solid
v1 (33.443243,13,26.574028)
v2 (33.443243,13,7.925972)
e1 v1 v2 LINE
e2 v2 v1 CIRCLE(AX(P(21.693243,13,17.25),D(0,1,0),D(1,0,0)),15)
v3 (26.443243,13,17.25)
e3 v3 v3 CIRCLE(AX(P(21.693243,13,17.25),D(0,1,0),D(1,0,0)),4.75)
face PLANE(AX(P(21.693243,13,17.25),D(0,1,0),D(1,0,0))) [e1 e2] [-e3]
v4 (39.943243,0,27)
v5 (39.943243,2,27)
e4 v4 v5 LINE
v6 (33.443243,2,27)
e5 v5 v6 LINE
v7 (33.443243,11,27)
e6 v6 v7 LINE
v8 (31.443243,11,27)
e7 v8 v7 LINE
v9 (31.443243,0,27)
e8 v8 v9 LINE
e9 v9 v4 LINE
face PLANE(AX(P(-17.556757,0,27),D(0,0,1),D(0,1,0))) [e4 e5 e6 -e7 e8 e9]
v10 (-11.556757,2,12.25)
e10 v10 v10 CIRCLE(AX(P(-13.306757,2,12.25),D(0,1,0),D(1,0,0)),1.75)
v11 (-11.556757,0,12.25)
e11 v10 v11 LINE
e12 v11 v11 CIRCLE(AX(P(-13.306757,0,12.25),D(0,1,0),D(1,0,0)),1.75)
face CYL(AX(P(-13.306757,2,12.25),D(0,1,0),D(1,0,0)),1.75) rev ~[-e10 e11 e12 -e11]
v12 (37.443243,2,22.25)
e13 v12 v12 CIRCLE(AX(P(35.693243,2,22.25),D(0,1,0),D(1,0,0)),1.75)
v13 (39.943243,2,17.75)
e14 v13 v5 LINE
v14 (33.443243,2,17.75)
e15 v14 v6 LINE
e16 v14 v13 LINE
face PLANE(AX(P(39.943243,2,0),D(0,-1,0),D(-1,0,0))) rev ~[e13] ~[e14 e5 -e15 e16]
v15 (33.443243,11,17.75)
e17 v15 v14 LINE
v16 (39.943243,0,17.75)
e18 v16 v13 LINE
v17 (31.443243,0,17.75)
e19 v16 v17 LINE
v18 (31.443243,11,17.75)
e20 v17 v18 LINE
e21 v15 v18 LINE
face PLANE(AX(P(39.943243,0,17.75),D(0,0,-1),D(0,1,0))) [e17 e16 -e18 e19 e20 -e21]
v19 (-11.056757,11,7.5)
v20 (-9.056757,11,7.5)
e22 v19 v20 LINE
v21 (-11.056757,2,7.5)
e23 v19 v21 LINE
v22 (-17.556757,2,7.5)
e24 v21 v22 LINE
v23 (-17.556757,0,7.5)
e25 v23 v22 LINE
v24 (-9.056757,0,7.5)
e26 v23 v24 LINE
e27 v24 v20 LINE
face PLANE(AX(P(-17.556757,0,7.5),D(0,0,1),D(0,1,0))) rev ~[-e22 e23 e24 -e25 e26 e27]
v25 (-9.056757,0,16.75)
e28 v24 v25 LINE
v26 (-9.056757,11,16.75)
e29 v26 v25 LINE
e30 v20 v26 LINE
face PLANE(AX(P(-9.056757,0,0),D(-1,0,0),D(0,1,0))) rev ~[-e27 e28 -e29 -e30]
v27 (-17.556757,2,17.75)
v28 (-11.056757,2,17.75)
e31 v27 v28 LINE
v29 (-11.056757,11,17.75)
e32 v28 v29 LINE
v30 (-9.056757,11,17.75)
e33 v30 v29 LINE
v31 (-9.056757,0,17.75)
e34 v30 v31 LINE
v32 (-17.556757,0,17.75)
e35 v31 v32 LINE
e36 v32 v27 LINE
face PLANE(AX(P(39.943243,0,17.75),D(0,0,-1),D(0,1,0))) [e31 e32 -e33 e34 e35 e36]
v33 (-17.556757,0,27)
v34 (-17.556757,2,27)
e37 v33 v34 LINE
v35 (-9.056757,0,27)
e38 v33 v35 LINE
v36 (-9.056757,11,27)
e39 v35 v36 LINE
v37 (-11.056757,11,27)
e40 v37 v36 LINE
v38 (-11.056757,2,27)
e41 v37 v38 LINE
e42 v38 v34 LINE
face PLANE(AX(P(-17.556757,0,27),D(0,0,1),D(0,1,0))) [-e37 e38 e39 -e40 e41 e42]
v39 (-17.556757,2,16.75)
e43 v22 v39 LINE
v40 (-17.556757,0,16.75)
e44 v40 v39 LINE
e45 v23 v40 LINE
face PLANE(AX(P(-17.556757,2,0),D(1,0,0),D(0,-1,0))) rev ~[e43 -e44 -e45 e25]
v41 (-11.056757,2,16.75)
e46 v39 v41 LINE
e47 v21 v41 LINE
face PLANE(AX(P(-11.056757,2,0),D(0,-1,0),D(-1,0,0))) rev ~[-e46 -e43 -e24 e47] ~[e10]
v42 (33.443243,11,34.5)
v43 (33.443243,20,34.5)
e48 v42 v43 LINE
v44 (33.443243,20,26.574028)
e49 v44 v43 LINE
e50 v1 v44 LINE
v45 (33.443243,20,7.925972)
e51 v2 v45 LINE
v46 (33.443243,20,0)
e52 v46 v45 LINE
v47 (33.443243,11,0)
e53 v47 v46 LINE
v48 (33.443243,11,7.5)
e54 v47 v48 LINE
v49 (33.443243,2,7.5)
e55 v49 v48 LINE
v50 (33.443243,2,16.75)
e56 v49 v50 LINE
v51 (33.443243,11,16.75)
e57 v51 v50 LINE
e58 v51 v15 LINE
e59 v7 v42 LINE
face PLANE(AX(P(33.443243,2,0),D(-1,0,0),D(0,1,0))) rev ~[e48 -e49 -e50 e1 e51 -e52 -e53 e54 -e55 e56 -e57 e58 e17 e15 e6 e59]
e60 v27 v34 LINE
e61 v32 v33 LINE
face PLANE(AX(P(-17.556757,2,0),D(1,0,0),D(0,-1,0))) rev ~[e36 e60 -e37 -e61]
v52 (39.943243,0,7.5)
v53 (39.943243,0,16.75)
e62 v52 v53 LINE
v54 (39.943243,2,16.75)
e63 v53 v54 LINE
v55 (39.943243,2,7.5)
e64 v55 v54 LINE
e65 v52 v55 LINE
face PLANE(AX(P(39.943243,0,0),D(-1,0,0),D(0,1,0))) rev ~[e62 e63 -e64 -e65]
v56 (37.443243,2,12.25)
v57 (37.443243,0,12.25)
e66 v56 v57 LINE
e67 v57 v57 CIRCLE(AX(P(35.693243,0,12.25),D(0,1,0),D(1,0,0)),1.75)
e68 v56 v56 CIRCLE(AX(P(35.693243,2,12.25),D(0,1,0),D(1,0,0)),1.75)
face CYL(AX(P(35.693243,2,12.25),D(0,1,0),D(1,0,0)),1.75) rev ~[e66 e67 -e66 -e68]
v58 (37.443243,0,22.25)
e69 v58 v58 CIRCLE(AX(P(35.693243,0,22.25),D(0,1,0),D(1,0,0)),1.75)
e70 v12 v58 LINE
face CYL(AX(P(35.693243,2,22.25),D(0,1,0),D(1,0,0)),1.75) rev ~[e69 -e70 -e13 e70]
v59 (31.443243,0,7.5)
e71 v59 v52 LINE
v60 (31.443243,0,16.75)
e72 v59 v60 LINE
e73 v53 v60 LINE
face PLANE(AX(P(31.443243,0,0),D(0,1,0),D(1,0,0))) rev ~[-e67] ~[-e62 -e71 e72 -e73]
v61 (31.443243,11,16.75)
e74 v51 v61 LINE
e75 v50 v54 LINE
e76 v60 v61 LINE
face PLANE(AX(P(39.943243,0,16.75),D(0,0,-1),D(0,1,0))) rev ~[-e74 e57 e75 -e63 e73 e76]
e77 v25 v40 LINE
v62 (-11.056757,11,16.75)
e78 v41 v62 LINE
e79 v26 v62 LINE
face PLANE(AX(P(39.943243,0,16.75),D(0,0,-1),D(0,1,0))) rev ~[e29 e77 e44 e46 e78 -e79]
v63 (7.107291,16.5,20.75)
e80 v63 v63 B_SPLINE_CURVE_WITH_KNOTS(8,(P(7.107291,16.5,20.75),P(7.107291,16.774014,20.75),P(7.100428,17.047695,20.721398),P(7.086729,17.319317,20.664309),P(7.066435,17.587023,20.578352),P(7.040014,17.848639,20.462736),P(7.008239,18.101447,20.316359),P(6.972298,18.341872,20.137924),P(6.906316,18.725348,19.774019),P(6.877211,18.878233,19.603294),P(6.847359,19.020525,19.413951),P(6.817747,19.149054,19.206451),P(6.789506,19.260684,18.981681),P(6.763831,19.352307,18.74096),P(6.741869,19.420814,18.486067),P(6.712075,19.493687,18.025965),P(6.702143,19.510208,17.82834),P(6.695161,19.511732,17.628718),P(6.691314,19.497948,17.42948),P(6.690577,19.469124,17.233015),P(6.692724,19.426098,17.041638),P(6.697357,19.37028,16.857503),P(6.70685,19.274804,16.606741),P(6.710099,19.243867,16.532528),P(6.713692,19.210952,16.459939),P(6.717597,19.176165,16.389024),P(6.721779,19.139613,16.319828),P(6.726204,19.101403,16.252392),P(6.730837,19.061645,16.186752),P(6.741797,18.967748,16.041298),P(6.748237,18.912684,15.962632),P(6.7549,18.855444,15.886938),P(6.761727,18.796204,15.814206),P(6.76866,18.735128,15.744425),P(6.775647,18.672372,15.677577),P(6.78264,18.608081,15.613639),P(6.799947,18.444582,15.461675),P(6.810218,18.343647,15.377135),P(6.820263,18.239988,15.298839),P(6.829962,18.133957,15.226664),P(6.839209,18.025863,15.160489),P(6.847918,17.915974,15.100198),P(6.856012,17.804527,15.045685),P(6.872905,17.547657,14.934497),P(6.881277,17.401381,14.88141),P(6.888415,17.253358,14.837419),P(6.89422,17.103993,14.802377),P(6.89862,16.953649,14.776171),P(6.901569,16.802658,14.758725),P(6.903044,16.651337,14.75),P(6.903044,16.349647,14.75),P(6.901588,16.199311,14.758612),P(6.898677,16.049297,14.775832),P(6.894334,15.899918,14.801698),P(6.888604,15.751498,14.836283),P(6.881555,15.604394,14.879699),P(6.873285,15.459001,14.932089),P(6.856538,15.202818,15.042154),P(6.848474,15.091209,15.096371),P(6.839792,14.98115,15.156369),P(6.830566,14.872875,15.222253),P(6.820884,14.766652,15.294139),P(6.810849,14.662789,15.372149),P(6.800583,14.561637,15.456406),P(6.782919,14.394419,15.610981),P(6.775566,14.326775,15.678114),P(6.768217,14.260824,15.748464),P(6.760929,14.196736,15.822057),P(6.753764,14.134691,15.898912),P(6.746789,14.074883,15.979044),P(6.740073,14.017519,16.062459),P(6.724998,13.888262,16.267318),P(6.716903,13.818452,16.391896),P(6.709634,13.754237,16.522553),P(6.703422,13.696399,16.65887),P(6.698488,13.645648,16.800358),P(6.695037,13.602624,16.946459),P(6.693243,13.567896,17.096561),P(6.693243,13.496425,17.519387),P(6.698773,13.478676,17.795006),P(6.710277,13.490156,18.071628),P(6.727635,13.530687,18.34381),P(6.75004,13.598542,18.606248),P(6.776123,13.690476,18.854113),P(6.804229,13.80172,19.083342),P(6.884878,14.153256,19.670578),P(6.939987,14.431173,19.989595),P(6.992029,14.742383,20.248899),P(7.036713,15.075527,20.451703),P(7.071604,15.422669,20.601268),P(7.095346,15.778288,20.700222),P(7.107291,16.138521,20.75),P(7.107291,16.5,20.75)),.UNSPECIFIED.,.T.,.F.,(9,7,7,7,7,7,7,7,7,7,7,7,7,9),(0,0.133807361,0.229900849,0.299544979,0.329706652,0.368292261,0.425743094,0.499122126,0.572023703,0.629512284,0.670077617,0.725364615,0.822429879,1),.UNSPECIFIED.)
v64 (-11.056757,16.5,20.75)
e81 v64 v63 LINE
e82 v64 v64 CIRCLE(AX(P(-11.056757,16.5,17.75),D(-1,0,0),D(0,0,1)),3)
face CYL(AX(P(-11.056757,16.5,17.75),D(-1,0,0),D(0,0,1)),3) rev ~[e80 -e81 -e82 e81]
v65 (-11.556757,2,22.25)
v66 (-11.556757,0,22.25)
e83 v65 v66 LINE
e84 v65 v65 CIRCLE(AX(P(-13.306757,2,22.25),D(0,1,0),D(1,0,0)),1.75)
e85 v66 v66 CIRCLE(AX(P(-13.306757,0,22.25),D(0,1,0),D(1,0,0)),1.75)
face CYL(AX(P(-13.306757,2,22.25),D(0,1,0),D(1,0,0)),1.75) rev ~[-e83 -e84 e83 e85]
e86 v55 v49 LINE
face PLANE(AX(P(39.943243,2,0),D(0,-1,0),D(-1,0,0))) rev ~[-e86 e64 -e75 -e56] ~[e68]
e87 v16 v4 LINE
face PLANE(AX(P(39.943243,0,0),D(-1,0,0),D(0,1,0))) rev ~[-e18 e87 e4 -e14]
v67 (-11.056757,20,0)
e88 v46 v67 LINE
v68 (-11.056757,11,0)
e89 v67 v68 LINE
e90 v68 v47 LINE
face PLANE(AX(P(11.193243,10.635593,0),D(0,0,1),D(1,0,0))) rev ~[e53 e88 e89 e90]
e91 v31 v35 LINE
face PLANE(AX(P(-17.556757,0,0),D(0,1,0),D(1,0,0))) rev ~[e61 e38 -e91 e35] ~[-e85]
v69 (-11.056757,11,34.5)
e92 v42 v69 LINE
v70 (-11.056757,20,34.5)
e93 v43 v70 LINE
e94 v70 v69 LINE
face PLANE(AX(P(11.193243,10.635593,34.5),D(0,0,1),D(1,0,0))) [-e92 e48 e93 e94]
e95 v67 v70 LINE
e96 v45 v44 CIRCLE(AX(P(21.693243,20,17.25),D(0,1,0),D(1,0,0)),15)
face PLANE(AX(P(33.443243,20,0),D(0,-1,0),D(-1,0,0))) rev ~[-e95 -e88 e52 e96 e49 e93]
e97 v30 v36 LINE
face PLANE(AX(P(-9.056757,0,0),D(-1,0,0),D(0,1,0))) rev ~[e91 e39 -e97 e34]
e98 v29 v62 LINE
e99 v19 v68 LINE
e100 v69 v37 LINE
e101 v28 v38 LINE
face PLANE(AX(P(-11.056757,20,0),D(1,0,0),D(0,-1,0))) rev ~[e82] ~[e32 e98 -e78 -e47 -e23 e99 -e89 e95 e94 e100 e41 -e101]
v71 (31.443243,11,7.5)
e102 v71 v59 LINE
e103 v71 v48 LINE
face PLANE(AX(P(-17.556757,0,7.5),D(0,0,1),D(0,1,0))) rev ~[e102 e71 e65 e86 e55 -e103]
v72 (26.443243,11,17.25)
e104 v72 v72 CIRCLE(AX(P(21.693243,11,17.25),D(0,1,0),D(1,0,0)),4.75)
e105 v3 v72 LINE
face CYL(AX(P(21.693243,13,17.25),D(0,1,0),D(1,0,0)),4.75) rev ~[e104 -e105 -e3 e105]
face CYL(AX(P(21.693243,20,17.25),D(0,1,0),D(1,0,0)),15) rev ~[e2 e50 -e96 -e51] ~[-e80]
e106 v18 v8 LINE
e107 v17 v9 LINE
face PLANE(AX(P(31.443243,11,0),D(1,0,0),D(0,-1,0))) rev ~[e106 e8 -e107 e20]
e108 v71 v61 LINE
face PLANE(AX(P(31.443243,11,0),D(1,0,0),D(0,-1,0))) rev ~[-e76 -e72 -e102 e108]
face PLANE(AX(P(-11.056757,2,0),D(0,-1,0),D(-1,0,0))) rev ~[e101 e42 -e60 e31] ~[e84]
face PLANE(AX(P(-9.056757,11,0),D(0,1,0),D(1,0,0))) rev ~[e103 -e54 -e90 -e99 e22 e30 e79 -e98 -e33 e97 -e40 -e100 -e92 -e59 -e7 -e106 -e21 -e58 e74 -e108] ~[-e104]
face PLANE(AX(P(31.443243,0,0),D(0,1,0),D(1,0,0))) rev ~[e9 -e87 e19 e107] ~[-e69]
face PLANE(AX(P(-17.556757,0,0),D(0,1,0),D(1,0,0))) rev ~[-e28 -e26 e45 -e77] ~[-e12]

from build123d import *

# Parameters (mm, degrees)
BOSS_EXTRUDE1_DEPTH = 34.5
SKETCH3_R           = 15
CUT_EXTRUDE1_DEPTH  = 7
SKETCH4_W           = 7.5
SKETCH4_H           = 11
CUT_EXTRUDE2_DEPTH  = 58.5
SKETCH5_R           = 4.75
CUT_EXTRUDE3_DEPTH  = 14
SKETCH6_W           = 1
SKETCH6_H           = 11
CUT_EXTRUDE4_DEPTH  = 58.5
CUT_EXTRUDE5_REACH  = 53
SKETCH7_R           = 3
SKETCH8_R           = 1.75
CUT_EXTRUDE6_DEPTH  = 3


with BuildPart() as part:
    # Sketch1 → Boss-Extrude1 (new body)
    with BuildSketch(Plane.XY):
        Polygon((-9.056756757, 11), (31.443243243, 11), (31.443243243, 0), (39.943243243, 0), (39.943243243, 2), (33.443243243, 2), (33.443243243, 20), (-11.056756757, 20), (-11.056756757, 2), (-17.556756757, 2), (-17.556756757, 0), (-9.056756757, 0), align=None)
    extrude(amount=BOSS_EXTRUDE1_DEPTH)

    # Sketch3 → Cut-Extrude1 (cut)
    with BuildSketch(Plane(origin=(0, 20, 0), x_dir=(1, 0, 0), z_dir=(0, 1, 0))):
        with Locations((21.693243243, -17.25)):
            Circle(SKETCH3_R)
    extrude(amount=-CUT_EXTRUDE1_DEPTH, mode=Mode.SUBTRACT)

    # Sketch4 → Cut-Extrude2 (cut, through all)
    with BuildSketch(Plane.ZY.offset(17.556756757)):
        with Locations((3.75, 5.5)):
            Rectangle(SKETCH4_W, SKETCH4_H)
        with Locations((30.75, 5.5)):
            Rectangle(SKETCH4_W, SKETCH4_H)
    extrude(amount=-CUT_EXTRUDE2_DEPTH, mode=Mode.SUBTRACT)

    # Sketch5 → Cut-Extrude3 (cut, through all)
    with BuildSketch(Plane(origin=(0, 13, 0), x_dir=(1, 0, 0), z_dir=(0, 1, 0))):
        with Locations((21.693243243, -17.25)):
            Circle(SKETCH5_R)
    extrude(amount=-CUT_EXTRUDE3_DEPTH, mode=Mode.SUBTRACT)

    # Sketch6 → Cut-Extrude4 (cut, through all)
    with BuildSketch(Plane(origin=(39.943243243, 0, 0), x_dir=(0, 0, -1), z_dir=(1, 0, 0))):
        with Locations((-17.25, 5.5)):
            Rectangle(SKETCH6_W, SKETCH6_H)
    extrude(amount=-CUT_EXTRUDE4_DEPTH, mode=Mode.SUBTRACT)

    # Sketch7 → Cut-Extrude5 (cut, up to next)
    with BuildSketch(Plane.ZY.offset(11.056756757), mode=Mode.PRIVATE) as cut_extrude5_sk1:
        with Locations((17.75, 16.5)):
            Circle(SKETCH7_R)
    cut_extrude5_tool1 = extrude(cut_extrude5_sk1.sketch, amount=-CUT_EXTRUDE5_REACH, mode=Mode.PRIVATE) & part.part
    add(cut_extrude5_tool1.solids().sort_by_distance((-11.056757, 16.5, 17.75))[0], mode=Mode.SUBTRACT)

    # Sketch8 → Cut-Extrude6 (cut, through all)
    with BuildSketch(Plane(origin=(0, 2, 0), x_dir=(1, 0, 0), z_dir=(0, 1, 0))):
        with Locations((-13.306756757, -12.25)):
            Circle(SKETCH8_R)
        with Locations((-13.306756757, -22.25)):
            Circle(SKETCH8_R)
        with Locations((35.693243243, -22.25)):
            Circle(SKETCH8_R)
        with Locations((35.693243243, -12.25)):
            Circle(SKETCH8_R)
    extrude(amount=-CUT_EXTRUDE6_DEPTH, mode=Mode.SUBTRACT)


solid = part.part
